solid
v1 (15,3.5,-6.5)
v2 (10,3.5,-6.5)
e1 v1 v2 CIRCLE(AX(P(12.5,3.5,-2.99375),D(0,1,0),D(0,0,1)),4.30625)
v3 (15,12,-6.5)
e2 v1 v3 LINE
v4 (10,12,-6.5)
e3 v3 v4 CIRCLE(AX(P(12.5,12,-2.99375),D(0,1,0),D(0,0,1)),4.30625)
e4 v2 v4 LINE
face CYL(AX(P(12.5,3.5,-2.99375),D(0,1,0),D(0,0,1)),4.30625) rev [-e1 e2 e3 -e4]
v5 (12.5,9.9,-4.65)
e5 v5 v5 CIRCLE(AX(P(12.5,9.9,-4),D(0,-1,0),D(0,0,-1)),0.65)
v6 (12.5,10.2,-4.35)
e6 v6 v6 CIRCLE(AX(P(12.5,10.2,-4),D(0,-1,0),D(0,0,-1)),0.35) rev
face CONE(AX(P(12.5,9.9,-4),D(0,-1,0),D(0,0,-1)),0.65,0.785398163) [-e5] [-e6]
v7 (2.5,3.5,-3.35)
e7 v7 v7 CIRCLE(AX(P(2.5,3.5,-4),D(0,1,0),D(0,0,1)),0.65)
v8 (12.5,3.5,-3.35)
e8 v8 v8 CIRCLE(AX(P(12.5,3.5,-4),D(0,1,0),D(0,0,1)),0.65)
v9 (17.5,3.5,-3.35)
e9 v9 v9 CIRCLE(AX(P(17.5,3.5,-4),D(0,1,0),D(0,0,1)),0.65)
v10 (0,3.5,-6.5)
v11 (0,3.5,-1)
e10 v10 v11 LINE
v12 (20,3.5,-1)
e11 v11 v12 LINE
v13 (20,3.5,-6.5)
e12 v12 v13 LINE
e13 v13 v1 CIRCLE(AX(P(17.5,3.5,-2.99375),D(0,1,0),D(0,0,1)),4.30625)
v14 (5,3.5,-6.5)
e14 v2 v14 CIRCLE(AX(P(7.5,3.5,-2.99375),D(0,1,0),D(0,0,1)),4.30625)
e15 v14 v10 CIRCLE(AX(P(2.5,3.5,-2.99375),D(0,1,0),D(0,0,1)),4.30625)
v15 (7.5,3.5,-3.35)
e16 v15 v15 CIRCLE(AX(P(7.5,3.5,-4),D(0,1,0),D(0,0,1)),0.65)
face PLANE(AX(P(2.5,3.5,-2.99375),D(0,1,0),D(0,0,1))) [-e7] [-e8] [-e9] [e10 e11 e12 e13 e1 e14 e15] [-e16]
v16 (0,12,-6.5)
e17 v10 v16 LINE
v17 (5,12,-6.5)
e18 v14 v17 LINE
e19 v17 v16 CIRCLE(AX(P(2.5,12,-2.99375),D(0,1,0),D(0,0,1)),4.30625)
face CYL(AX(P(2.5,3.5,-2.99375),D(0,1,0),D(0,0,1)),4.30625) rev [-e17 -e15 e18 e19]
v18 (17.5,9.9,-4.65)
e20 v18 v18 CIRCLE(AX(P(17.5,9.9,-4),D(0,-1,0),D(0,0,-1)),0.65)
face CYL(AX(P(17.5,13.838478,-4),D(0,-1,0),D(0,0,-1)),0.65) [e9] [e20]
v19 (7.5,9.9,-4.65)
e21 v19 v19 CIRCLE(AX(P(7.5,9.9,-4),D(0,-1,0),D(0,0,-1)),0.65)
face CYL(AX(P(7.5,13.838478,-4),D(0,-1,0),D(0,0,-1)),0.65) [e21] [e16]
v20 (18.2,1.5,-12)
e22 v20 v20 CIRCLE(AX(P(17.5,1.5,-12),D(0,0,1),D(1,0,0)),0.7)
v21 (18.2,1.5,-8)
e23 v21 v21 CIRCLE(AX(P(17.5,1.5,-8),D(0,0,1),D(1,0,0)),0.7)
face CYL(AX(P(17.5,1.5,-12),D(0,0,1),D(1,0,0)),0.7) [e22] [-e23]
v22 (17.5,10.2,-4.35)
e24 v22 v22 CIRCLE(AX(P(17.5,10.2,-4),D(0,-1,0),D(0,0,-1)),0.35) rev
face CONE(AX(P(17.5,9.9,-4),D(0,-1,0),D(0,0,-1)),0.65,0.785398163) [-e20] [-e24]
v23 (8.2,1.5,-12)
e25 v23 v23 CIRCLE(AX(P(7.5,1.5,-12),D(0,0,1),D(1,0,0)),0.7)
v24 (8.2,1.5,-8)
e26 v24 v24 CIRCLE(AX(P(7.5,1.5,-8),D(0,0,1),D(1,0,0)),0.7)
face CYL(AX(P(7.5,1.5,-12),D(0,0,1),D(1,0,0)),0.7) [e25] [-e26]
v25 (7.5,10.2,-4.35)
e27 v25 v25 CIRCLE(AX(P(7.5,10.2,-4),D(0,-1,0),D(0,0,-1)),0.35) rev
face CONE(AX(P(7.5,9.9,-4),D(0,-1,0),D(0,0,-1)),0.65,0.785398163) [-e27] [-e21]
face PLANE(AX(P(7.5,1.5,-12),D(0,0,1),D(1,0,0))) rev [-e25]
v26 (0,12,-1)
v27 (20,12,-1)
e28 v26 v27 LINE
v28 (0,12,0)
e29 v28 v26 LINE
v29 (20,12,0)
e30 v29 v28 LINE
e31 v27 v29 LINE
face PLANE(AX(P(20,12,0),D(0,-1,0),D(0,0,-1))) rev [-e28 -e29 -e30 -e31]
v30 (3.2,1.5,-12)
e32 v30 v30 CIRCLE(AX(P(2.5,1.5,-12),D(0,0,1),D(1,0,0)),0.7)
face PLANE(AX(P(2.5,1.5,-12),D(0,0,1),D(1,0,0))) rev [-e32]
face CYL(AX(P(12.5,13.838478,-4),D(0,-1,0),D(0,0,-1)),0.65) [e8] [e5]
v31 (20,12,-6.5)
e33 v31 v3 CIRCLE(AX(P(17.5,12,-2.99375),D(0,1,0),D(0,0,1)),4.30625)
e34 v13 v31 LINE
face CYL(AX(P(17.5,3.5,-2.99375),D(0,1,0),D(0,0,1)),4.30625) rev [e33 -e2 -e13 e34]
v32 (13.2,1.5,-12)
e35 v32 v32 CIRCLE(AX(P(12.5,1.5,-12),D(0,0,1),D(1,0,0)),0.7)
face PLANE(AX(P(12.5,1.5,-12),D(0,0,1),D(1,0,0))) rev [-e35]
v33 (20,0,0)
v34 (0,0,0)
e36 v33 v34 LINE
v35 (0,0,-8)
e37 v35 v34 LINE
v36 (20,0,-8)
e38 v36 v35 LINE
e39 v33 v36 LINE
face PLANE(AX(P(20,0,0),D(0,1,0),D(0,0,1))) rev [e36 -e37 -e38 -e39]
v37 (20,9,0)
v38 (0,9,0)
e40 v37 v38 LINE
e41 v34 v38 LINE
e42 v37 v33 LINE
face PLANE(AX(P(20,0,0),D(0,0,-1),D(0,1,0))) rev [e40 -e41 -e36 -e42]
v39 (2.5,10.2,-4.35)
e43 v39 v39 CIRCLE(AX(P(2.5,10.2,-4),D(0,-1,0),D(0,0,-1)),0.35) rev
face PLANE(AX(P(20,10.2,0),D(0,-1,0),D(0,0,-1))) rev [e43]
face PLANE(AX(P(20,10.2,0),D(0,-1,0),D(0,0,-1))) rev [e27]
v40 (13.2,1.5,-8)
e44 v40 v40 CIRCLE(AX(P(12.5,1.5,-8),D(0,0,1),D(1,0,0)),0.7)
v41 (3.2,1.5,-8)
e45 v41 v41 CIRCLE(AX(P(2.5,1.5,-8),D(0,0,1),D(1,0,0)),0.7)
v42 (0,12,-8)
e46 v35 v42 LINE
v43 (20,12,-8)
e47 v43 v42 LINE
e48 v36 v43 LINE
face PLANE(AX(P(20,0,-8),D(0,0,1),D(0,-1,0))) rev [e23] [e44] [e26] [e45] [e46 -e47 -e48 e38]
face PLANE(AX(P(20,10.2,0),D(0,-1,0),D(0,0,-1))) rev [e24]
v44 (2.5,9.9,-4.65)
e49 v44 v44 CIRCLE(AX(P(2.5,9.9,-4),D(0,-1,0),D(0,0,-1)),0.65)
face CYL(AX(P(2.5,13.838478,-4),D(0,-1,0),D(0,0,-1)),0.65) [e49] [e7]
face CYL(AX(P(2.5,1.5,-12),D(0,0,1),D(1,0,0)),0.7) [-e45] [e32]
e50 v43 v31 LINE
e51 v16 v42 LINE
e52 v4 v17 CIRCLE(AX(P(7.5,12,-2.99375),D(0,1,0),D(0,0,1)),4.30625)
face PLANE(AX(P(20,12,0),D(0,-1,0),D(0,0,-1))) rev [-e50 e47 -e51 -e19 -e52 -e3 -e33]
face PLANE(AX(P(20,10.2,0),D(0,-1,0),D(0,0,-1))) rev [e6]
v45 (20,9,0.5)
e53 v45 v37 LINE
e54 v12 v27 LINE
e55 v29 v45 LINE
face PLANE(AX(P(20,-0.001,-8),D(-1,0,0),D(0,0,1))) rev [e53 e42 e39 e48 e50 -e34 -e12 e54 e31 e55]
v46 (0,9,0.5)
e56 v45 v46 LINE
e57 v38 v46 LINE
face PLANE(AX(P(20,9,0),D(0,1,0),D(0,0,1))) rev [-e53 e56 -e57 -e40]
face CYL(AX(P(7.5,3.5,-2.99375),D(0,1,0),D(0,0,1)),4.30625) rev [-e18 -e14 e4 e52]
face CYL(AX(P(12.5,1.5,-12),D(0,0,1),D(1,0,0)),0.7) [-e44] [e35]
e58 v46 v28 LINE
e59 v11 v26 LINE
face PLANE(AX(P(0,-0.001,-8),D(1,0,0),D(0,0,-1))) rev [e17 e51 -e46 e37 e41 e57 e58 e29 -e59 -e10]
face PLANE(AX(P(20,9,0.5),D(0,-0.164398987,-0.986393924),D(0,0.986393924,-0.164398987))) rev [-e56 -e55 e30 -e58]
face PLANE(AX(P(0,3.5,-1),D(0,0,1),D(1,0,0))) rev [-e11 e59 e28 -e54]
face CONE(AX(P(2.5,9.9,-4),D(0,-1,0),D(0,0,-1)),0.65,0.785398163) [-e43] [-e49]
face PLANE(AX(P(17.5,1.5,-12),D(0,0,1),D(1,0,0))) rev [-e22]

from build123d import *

# Parameters (mm, degrees)
EXTRUDE_1_DEPTH                    = 20
SKETCH_5_R                         = 0.7
EXTRUDE_3_DEPTH                    = 4
CUT_EXTRUDE_1_DEPTH                = 8.5
SKETCH_7_R                         = 0.65
EXTRUDE_4_DEPTH                    = 6.7
CHAMFER_1_SIZE                     = 0.3
PATTERN_LINEAR_2_COUNT             = 4
PATTERN_LINEAR_2_PITCH             = 5
PATTERN_LINEAR_3_COUNT             = 4
PATTERN_LINEAR_3_PITCH             = 5
CHAMFER_1_OF_PATTERN_LINEAR_3_SIZE = 0.3
EXTRUDE_5_DEPTH                    = 0.5
EXTRUDE_6_DEPTH                    = 0.5
CUT_EXTRUDE_2_REACH                = 28.613
SKETCH_10_W                        = 0.5
SKETCH_10_H                        = 8.5


with BuildPart() as part:
    # Эскиз1 → Вытянуть1 (new body)
    with BuildSketch(Plane(origin=(0, 0, 0), x_dir=(0, -1, 0), z_dir=(1, 0, 0))):
        Polygon((-9, 0), (-9, -0.5), (-12, 0), (-12, 8), (0, 8), (0, 0), align=None)
    extrude(amount=EXTRUDE_1_DEPTH)

    # Эскиз5 → Вытянуть3 (add)
    with BuildSketch(Plane(origin=(0, 8, -8), x_dir=(1, 0, 0), z_dir=(0, 0, 1))):
        with Locations((2.5, -6.5)):
            Circle(SKETCH_5_R)
    extrude_3 = extrude(amount=-EXTRUDE_3_DEPTH)

    # Эскиз6 → Вырез-Вытянуть1 (cut)
    with BuildSketch(Plane(origin=(0, 12, 0), x_dir=(1, 0, 0), z_dir=(0, 1, 0))):
        with BuildLine():
            Line((0, 6.5), (0, 1))
            Line((0, 1), (5, 1))
            Line((5, 1), (5, 6.5))
            ThreePointArc((5, 6.5), (2.5, 7.3), (0, 6.5))
        make_face()
    cut_extrude_1 = extrude(amount=-CUT_EXTRUDE_1_DEPTH, mode=Mode.SUBTRACT)

    # Эскиз7 → Вытянуть4 (add)
    with BuildSketch(Plane(origin=(0, 3.5, 0), x_dir=(1, 0, 0), z_dir=(0, 1, 0))):
        with Locations(Location((2.5, 4, 0), (0, 0, 90))):
            Circle(SKETCH_7_R)
    extrude_4 = extrude(amount=EXTRUDE_4_DEPTH)

    # Фаска1
    chamfer_1_edges = [part.edges().sort_by_distance(p)[0] for p in [
        (2.5, 10.2, -3.35),
    ]]
    chamfer(chamfer_1_edges, length=CHAMFER_1_SIZE)

    # Линейный массив2: Вытянуть3, Вырез-Вытянуть1 ×4
    with Locations(*[(i * PATTERN_LINEAR_2_PITCH, 0, 0) for i in range(1, PATTERN_LINEAR_2_COUNT)]):
        add(extrude_3)
        add(cut_extrude_1, mode=Mode.SUBTRACT)

    # Линейный массив3: Вытянуть4 ×4
    with Locations(*[(i * PATTERN_LINEAR_3_PITCH, 0, 0) for i in range(1, PATTERN_LINEAR_3_COUNT)]):
        add(extrude_4)

    # Фаска1 of Линейный массив3
    chamfer_1_of_pattern_linear_3_edges = [part.edges().sort_by_distance(p)[0] for p in [
        (7.5, 10.2, -3.35),
        (12.5, 10.2, -3.35),
        (17.5, 10.2, -3.35),
    ]]
    chamfer(chamfer_1_of_pattern_linear_3_edges, length=CHAMFER_1_OF_PATTERN_LINEAR_3_SIZE)

    # Эскиз8 → Вытянуть5 (add)
    with BuildSketch(Plane(origin=(20, 0, 0), x_dir=(0, 0, -1), z_dir=(1, 0, 0))):
        Polygon((0, 12), (8, 12), (8, 0), (0, 0), (0, 9), (-0.5, 9), align=None)
    extrude(amount=EXTRUDE_5_DEPTH)

    # Эскиз9 → Вытянуть6 (add)
    with BuildSketch(Plane.ZY):
        Polygon((-8, 12), (0, 12), (0.5, 9), (0, 9), (0, 0), (-8, 0), align=None)
    extrude(amount=EXTRUDE_6_DEPTH)

    # Эскиз10 → Вырез-Вытянуть2 (cut, up to next)
    with BuildSketch(Plane(origin=(0, 12, 0), x_dir=(1, 0, 0), z_dir=(0, 1, 0)), mode=Mode.PRIVATE) as cut_extrude_2_sk1:
        with Locations((20.25, 3.75)):
            Rectangle(SKETCH_10_W, SKETCH_10_H)
    cut_extrude_2_tool1 = extrude(cut_extrude_2_sk1.sketch, amount=-CUT_EXTRUDE_2_REACH, mode=Mode.PRIVATE) & part.part
    # Эскиз10 → Вырез-Вытянуть2 (cut, up to next)
    with BuildSketch(Plane(origin=(0, 12, 0), x_dir=(1, 0, 0), z_dir=(0, 1, 0)), mode=Mode.PRIVATE) as cut_extrude_2_sk2:
        with Locations((-0.25, 3.75)):
            Rectangle(SKETCH_10_W, SKETCH_10_H)
    cut_extrude_2_tool2 = extrude(cut_extrude_2_sk2.sketch, amount=-CUT_EXTRUDE_2_REACH, mode=Mode.PRIVATE) & part.part
    add(cut_extrude_2_tool1.solids().sort_by_distance((20.25, 12, -3.75))[0], mode=Mode.SUBTRACT)
    add(cut_extrude_2_tool2.solids().sort_by_distance((-0.25, 12, -3.75))[0], mode=Mode.SUBTRACT)


solid = part.part
